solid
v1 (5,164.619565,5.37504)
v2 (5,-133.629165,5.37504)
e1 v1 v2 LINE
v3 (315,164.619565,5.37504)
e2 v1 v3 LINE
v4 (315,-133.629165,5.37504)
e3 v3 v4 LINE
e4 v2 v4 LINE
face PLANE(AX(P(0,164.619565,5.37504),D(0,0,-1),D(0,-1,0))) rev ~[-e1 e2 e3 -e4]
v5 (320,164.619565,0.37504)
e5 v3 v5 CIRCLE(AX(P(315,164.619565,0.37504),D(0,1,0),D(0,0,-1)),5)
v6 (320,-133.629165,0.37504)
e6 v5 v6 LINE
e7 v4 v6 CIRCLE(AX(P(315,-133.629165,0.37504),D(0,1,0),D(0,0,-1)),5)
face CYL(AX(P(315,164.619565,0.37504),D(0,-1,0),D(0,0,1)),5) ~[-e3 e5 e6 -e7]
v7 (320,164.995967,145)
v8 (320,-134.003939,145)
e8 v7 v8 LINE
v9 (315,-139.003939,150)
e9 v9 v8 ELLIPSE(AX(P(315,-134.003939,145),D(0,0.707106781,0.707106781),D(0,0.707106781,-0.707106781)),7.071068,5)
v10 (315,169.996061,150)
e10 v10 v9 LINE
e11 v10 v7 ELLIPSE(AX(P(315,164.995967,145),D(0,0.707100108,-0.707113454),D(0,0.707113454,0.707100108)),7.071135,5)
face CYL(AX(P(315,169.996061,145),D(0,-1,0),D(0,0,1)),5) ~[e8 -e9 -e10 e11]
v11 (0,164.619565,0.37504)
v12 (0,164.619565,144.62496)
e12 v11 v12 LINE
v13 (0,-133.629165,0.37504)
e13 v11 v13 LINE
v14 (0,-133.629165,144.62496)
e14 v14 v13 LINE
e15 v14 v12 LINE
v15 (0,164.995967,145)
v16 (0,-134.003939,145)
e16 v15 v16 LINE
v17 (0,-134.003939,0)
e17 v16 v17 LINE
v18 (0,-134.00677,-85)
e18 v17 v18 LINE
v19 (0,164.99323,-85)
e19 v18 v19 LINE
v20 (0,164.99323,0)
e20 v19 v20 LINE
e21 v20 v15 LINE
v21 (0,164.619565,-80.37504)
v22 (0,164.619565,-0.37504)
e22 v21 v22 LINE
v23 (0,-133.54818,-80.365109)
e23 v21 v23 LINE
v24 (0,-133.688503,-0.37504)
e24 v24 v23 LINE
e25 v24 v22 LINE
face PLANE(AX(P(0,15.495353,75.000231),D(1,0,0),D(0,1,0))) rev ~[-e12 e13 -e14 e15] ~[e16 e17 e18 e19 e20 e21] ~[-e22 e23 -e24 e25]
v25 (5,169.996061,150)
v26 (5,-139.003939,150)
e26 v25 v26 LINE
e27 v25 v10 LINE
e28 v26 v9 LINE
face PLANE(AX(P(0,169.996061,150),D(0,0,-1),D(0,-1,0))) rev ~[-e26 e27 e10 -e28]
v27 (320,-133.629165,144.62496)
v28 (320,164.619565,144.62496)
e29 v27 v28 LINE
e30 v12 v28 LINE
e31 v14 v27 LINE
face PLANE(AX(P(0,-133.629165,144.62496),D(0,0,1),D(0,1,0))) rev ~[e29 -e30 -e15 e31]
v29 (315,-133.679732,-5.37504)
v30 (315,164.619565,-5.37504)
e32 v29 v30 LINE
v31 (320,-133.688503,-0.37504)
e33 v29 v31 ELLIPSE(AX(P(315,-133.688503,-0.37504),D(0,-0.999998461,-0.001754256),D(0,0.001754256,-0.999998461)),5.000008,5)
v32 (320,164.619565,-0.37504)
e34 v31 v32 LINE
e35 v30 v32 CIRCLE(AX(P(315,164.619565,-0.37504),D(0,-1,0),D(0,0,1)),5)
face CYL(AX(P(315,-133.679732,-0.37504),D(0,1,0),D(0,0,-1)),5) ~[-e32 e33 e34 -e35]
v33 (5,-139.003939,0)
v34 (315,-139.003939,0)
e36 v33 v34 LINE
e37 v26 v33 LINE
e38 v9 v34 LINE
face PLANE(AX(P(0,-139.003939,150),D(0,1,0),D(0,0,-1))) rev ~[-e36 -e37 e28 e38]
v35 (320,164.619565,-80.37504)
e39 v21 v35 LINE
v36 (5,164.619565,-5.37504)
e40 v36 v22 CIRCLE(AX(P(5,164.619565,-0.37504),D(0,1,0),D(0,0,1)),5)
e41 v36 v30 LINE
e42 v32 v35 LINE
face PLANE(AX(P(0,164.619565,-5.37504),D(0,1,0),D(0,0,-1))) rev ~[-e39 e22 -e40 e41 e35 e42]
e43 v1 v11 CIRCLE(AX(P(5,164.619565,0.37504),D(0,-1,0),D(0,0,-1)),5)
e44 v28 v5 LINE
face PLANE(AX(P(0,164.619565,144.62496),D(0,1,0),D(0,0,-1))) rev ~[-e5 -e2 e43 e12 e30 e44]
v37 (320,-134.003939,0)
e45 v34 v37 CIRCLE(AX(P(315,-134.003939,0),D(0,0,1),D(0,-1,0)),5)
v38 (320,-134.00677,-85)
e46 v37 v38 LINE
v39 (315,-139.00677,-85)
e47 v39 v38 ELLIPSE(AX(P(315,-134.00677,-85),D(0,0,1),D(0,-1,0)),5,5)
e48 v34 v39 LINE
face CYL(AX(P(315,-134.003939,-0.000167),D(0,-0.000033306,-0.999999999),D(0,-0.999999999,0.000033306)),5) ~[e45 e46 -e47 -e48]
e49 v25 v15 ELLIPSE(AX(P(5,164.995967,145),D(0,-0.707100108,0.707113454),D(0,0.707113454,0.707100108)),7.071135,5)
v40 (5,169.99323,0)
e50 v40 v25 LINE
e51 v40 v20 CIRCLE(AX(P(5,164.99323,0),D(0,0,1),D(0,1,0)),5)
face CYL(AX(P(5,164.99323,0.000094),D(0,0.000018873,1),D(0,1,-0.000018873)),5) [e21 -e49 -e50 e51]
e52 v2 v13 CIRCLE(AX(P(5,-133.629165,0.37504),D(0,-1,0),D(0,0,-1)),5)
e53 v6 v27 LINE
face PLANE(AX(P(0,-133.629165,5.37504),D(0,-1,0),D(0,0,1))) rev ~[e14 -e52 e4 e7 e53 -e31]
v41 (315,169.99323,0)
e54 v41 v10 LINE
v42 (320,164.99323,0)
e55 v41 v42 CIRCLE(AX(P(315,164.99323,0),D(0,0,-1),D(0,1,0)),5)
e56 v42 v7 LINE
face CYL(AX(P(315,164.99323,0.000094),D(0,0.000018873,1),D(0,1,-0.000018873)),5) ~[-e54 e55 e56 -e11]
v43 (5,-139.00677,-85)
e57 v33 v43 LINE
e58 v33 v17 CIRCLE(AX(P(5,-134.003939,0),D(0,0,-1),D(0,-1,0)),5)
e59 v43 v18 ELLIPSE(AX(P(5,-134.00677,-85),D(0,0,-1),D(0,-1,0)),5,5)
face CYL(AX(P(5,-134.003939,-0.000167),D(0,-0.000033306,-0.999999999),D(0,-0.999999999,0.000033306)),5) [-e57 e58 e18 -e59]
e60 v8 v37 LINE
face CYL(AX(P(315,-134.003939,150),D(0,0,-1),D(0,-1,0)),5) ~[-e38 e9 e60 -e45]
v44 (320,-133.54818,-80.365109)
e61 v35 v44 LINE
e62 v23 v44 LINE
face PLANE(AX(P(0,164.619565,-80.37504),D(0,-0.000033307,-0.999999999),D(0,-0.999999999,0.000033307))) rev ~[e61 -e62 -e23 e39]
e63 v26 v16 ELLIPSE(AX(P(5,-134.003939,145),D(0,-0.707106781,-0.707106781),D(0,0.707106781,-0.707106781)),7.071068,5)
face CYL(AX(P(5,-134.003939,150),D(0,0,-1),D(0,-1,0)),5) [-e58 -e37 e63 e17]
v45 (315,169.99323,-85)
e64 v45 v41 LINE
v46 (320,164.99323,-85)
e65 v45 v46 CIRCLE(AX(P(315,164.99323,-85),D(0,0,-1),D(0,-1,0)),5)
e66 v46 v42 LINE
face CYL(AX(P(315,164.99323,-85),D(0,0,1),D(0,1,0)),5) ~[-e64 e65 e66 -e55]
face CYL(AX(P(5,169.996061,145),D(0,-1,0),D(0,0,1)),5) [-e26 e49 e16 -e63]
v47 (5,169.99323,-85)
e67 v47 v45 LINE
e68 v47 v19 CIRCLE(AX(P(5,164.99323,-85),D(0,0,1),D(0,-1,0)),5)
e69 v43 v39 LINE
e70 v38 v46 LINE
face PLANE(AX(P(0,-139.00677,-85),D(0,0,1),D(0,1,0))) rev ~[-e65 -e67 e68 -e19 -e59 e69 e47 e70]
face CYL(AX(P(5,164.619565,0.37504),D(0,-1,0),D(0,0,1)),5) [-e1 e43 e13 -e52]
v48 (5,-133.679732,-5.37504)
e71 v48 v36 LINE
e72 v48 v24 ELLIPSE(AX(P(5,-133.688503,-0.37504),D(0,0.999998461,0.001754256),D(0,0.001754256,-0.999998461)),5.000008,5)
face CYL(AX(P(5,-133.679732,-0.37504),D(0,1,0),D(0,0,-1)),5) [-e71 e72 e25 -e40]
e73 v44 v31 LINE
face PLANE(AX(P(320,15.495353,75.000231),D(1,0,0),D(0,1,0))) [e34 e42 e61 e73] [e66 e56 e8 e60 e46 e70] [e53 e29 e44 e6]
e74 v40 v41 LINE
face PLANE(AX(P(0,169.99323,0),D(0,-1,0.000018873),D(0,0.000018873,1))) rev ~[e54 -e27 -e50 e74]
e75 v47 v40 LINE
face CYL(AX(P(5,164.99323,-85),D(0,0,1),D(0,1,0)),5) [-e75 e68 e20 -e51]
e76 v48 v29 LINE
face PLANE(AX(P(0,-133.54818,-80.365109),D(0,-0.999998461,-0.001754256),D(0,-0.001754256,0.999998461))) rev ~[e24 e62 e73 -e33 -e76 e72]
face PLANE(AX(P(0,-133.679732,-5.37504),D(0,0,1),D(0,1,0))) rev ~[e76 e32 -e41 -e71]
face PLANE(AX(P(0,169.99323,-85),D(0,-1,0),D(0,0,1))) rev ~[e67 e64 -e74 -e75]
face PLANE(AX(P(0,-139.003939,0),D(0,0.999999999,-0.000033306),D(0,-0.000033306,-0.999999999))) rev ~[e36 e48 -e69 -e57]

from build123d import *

# Parameters (mm, degrees)
F1_DEPTH = 320
F2_R     = 5


with BuildPart() as f1:
    # F0 (on Right) → F1 (new body)
    with BuildSketch(Plane.YZ):
        Polygon((-139.003939, 150), (-139.003939, 0), (50.744042, 0), (169.99323, 0), (169.996061, 150), align=None)
        Polygon((164.619565, 5.37504), (50.744042, 5.37504), (-133.629165, 5.37504), (-133.629165, 144.62496), (164.619565, 144.62496), align=None, mode=Mode.SUBTRACT)
        Polygon((-139.003939, 0), (-139.00677, -85), (169.99323, -85), (169.99323, 0), (50.744042, 0), align=None)
        Polygon((-133.679732, -5.37504), (50.744042, -5.37504), (164.619565, -5.37504), (164.619565, -80.37504), (-133.54818, -80.365109), align=None, mode=Mode.SUBTRACT)
    extrude(amount=F1_DEPTH)

    # F2
    f2_edges = [f1.edges().sort_by_distance(p)[0] for p in [
        (320, -139.003939, 75),
        (320, -139.005354, -42.5),
        (320, 169.99323, -42.5),
        (320, 169.994646, 75),
        (0, -139.005354, -42.5),
        (0, -139.003939, 75),
        (0, 169.99323, -42.5),
        (0, 169.994646, 75),
        (0, 15.496061, 150),
        (320, 15.496061, 150),
        (320, 15.4952, 5.37504),
        (320, 15.469916, -5.37504),
        (0, 15.4952, 5.37504),
        (0, 15.469916, -5.37504),
    ]]
    fillet(f2_edges, radius=F2_R)


solid = f1.part
